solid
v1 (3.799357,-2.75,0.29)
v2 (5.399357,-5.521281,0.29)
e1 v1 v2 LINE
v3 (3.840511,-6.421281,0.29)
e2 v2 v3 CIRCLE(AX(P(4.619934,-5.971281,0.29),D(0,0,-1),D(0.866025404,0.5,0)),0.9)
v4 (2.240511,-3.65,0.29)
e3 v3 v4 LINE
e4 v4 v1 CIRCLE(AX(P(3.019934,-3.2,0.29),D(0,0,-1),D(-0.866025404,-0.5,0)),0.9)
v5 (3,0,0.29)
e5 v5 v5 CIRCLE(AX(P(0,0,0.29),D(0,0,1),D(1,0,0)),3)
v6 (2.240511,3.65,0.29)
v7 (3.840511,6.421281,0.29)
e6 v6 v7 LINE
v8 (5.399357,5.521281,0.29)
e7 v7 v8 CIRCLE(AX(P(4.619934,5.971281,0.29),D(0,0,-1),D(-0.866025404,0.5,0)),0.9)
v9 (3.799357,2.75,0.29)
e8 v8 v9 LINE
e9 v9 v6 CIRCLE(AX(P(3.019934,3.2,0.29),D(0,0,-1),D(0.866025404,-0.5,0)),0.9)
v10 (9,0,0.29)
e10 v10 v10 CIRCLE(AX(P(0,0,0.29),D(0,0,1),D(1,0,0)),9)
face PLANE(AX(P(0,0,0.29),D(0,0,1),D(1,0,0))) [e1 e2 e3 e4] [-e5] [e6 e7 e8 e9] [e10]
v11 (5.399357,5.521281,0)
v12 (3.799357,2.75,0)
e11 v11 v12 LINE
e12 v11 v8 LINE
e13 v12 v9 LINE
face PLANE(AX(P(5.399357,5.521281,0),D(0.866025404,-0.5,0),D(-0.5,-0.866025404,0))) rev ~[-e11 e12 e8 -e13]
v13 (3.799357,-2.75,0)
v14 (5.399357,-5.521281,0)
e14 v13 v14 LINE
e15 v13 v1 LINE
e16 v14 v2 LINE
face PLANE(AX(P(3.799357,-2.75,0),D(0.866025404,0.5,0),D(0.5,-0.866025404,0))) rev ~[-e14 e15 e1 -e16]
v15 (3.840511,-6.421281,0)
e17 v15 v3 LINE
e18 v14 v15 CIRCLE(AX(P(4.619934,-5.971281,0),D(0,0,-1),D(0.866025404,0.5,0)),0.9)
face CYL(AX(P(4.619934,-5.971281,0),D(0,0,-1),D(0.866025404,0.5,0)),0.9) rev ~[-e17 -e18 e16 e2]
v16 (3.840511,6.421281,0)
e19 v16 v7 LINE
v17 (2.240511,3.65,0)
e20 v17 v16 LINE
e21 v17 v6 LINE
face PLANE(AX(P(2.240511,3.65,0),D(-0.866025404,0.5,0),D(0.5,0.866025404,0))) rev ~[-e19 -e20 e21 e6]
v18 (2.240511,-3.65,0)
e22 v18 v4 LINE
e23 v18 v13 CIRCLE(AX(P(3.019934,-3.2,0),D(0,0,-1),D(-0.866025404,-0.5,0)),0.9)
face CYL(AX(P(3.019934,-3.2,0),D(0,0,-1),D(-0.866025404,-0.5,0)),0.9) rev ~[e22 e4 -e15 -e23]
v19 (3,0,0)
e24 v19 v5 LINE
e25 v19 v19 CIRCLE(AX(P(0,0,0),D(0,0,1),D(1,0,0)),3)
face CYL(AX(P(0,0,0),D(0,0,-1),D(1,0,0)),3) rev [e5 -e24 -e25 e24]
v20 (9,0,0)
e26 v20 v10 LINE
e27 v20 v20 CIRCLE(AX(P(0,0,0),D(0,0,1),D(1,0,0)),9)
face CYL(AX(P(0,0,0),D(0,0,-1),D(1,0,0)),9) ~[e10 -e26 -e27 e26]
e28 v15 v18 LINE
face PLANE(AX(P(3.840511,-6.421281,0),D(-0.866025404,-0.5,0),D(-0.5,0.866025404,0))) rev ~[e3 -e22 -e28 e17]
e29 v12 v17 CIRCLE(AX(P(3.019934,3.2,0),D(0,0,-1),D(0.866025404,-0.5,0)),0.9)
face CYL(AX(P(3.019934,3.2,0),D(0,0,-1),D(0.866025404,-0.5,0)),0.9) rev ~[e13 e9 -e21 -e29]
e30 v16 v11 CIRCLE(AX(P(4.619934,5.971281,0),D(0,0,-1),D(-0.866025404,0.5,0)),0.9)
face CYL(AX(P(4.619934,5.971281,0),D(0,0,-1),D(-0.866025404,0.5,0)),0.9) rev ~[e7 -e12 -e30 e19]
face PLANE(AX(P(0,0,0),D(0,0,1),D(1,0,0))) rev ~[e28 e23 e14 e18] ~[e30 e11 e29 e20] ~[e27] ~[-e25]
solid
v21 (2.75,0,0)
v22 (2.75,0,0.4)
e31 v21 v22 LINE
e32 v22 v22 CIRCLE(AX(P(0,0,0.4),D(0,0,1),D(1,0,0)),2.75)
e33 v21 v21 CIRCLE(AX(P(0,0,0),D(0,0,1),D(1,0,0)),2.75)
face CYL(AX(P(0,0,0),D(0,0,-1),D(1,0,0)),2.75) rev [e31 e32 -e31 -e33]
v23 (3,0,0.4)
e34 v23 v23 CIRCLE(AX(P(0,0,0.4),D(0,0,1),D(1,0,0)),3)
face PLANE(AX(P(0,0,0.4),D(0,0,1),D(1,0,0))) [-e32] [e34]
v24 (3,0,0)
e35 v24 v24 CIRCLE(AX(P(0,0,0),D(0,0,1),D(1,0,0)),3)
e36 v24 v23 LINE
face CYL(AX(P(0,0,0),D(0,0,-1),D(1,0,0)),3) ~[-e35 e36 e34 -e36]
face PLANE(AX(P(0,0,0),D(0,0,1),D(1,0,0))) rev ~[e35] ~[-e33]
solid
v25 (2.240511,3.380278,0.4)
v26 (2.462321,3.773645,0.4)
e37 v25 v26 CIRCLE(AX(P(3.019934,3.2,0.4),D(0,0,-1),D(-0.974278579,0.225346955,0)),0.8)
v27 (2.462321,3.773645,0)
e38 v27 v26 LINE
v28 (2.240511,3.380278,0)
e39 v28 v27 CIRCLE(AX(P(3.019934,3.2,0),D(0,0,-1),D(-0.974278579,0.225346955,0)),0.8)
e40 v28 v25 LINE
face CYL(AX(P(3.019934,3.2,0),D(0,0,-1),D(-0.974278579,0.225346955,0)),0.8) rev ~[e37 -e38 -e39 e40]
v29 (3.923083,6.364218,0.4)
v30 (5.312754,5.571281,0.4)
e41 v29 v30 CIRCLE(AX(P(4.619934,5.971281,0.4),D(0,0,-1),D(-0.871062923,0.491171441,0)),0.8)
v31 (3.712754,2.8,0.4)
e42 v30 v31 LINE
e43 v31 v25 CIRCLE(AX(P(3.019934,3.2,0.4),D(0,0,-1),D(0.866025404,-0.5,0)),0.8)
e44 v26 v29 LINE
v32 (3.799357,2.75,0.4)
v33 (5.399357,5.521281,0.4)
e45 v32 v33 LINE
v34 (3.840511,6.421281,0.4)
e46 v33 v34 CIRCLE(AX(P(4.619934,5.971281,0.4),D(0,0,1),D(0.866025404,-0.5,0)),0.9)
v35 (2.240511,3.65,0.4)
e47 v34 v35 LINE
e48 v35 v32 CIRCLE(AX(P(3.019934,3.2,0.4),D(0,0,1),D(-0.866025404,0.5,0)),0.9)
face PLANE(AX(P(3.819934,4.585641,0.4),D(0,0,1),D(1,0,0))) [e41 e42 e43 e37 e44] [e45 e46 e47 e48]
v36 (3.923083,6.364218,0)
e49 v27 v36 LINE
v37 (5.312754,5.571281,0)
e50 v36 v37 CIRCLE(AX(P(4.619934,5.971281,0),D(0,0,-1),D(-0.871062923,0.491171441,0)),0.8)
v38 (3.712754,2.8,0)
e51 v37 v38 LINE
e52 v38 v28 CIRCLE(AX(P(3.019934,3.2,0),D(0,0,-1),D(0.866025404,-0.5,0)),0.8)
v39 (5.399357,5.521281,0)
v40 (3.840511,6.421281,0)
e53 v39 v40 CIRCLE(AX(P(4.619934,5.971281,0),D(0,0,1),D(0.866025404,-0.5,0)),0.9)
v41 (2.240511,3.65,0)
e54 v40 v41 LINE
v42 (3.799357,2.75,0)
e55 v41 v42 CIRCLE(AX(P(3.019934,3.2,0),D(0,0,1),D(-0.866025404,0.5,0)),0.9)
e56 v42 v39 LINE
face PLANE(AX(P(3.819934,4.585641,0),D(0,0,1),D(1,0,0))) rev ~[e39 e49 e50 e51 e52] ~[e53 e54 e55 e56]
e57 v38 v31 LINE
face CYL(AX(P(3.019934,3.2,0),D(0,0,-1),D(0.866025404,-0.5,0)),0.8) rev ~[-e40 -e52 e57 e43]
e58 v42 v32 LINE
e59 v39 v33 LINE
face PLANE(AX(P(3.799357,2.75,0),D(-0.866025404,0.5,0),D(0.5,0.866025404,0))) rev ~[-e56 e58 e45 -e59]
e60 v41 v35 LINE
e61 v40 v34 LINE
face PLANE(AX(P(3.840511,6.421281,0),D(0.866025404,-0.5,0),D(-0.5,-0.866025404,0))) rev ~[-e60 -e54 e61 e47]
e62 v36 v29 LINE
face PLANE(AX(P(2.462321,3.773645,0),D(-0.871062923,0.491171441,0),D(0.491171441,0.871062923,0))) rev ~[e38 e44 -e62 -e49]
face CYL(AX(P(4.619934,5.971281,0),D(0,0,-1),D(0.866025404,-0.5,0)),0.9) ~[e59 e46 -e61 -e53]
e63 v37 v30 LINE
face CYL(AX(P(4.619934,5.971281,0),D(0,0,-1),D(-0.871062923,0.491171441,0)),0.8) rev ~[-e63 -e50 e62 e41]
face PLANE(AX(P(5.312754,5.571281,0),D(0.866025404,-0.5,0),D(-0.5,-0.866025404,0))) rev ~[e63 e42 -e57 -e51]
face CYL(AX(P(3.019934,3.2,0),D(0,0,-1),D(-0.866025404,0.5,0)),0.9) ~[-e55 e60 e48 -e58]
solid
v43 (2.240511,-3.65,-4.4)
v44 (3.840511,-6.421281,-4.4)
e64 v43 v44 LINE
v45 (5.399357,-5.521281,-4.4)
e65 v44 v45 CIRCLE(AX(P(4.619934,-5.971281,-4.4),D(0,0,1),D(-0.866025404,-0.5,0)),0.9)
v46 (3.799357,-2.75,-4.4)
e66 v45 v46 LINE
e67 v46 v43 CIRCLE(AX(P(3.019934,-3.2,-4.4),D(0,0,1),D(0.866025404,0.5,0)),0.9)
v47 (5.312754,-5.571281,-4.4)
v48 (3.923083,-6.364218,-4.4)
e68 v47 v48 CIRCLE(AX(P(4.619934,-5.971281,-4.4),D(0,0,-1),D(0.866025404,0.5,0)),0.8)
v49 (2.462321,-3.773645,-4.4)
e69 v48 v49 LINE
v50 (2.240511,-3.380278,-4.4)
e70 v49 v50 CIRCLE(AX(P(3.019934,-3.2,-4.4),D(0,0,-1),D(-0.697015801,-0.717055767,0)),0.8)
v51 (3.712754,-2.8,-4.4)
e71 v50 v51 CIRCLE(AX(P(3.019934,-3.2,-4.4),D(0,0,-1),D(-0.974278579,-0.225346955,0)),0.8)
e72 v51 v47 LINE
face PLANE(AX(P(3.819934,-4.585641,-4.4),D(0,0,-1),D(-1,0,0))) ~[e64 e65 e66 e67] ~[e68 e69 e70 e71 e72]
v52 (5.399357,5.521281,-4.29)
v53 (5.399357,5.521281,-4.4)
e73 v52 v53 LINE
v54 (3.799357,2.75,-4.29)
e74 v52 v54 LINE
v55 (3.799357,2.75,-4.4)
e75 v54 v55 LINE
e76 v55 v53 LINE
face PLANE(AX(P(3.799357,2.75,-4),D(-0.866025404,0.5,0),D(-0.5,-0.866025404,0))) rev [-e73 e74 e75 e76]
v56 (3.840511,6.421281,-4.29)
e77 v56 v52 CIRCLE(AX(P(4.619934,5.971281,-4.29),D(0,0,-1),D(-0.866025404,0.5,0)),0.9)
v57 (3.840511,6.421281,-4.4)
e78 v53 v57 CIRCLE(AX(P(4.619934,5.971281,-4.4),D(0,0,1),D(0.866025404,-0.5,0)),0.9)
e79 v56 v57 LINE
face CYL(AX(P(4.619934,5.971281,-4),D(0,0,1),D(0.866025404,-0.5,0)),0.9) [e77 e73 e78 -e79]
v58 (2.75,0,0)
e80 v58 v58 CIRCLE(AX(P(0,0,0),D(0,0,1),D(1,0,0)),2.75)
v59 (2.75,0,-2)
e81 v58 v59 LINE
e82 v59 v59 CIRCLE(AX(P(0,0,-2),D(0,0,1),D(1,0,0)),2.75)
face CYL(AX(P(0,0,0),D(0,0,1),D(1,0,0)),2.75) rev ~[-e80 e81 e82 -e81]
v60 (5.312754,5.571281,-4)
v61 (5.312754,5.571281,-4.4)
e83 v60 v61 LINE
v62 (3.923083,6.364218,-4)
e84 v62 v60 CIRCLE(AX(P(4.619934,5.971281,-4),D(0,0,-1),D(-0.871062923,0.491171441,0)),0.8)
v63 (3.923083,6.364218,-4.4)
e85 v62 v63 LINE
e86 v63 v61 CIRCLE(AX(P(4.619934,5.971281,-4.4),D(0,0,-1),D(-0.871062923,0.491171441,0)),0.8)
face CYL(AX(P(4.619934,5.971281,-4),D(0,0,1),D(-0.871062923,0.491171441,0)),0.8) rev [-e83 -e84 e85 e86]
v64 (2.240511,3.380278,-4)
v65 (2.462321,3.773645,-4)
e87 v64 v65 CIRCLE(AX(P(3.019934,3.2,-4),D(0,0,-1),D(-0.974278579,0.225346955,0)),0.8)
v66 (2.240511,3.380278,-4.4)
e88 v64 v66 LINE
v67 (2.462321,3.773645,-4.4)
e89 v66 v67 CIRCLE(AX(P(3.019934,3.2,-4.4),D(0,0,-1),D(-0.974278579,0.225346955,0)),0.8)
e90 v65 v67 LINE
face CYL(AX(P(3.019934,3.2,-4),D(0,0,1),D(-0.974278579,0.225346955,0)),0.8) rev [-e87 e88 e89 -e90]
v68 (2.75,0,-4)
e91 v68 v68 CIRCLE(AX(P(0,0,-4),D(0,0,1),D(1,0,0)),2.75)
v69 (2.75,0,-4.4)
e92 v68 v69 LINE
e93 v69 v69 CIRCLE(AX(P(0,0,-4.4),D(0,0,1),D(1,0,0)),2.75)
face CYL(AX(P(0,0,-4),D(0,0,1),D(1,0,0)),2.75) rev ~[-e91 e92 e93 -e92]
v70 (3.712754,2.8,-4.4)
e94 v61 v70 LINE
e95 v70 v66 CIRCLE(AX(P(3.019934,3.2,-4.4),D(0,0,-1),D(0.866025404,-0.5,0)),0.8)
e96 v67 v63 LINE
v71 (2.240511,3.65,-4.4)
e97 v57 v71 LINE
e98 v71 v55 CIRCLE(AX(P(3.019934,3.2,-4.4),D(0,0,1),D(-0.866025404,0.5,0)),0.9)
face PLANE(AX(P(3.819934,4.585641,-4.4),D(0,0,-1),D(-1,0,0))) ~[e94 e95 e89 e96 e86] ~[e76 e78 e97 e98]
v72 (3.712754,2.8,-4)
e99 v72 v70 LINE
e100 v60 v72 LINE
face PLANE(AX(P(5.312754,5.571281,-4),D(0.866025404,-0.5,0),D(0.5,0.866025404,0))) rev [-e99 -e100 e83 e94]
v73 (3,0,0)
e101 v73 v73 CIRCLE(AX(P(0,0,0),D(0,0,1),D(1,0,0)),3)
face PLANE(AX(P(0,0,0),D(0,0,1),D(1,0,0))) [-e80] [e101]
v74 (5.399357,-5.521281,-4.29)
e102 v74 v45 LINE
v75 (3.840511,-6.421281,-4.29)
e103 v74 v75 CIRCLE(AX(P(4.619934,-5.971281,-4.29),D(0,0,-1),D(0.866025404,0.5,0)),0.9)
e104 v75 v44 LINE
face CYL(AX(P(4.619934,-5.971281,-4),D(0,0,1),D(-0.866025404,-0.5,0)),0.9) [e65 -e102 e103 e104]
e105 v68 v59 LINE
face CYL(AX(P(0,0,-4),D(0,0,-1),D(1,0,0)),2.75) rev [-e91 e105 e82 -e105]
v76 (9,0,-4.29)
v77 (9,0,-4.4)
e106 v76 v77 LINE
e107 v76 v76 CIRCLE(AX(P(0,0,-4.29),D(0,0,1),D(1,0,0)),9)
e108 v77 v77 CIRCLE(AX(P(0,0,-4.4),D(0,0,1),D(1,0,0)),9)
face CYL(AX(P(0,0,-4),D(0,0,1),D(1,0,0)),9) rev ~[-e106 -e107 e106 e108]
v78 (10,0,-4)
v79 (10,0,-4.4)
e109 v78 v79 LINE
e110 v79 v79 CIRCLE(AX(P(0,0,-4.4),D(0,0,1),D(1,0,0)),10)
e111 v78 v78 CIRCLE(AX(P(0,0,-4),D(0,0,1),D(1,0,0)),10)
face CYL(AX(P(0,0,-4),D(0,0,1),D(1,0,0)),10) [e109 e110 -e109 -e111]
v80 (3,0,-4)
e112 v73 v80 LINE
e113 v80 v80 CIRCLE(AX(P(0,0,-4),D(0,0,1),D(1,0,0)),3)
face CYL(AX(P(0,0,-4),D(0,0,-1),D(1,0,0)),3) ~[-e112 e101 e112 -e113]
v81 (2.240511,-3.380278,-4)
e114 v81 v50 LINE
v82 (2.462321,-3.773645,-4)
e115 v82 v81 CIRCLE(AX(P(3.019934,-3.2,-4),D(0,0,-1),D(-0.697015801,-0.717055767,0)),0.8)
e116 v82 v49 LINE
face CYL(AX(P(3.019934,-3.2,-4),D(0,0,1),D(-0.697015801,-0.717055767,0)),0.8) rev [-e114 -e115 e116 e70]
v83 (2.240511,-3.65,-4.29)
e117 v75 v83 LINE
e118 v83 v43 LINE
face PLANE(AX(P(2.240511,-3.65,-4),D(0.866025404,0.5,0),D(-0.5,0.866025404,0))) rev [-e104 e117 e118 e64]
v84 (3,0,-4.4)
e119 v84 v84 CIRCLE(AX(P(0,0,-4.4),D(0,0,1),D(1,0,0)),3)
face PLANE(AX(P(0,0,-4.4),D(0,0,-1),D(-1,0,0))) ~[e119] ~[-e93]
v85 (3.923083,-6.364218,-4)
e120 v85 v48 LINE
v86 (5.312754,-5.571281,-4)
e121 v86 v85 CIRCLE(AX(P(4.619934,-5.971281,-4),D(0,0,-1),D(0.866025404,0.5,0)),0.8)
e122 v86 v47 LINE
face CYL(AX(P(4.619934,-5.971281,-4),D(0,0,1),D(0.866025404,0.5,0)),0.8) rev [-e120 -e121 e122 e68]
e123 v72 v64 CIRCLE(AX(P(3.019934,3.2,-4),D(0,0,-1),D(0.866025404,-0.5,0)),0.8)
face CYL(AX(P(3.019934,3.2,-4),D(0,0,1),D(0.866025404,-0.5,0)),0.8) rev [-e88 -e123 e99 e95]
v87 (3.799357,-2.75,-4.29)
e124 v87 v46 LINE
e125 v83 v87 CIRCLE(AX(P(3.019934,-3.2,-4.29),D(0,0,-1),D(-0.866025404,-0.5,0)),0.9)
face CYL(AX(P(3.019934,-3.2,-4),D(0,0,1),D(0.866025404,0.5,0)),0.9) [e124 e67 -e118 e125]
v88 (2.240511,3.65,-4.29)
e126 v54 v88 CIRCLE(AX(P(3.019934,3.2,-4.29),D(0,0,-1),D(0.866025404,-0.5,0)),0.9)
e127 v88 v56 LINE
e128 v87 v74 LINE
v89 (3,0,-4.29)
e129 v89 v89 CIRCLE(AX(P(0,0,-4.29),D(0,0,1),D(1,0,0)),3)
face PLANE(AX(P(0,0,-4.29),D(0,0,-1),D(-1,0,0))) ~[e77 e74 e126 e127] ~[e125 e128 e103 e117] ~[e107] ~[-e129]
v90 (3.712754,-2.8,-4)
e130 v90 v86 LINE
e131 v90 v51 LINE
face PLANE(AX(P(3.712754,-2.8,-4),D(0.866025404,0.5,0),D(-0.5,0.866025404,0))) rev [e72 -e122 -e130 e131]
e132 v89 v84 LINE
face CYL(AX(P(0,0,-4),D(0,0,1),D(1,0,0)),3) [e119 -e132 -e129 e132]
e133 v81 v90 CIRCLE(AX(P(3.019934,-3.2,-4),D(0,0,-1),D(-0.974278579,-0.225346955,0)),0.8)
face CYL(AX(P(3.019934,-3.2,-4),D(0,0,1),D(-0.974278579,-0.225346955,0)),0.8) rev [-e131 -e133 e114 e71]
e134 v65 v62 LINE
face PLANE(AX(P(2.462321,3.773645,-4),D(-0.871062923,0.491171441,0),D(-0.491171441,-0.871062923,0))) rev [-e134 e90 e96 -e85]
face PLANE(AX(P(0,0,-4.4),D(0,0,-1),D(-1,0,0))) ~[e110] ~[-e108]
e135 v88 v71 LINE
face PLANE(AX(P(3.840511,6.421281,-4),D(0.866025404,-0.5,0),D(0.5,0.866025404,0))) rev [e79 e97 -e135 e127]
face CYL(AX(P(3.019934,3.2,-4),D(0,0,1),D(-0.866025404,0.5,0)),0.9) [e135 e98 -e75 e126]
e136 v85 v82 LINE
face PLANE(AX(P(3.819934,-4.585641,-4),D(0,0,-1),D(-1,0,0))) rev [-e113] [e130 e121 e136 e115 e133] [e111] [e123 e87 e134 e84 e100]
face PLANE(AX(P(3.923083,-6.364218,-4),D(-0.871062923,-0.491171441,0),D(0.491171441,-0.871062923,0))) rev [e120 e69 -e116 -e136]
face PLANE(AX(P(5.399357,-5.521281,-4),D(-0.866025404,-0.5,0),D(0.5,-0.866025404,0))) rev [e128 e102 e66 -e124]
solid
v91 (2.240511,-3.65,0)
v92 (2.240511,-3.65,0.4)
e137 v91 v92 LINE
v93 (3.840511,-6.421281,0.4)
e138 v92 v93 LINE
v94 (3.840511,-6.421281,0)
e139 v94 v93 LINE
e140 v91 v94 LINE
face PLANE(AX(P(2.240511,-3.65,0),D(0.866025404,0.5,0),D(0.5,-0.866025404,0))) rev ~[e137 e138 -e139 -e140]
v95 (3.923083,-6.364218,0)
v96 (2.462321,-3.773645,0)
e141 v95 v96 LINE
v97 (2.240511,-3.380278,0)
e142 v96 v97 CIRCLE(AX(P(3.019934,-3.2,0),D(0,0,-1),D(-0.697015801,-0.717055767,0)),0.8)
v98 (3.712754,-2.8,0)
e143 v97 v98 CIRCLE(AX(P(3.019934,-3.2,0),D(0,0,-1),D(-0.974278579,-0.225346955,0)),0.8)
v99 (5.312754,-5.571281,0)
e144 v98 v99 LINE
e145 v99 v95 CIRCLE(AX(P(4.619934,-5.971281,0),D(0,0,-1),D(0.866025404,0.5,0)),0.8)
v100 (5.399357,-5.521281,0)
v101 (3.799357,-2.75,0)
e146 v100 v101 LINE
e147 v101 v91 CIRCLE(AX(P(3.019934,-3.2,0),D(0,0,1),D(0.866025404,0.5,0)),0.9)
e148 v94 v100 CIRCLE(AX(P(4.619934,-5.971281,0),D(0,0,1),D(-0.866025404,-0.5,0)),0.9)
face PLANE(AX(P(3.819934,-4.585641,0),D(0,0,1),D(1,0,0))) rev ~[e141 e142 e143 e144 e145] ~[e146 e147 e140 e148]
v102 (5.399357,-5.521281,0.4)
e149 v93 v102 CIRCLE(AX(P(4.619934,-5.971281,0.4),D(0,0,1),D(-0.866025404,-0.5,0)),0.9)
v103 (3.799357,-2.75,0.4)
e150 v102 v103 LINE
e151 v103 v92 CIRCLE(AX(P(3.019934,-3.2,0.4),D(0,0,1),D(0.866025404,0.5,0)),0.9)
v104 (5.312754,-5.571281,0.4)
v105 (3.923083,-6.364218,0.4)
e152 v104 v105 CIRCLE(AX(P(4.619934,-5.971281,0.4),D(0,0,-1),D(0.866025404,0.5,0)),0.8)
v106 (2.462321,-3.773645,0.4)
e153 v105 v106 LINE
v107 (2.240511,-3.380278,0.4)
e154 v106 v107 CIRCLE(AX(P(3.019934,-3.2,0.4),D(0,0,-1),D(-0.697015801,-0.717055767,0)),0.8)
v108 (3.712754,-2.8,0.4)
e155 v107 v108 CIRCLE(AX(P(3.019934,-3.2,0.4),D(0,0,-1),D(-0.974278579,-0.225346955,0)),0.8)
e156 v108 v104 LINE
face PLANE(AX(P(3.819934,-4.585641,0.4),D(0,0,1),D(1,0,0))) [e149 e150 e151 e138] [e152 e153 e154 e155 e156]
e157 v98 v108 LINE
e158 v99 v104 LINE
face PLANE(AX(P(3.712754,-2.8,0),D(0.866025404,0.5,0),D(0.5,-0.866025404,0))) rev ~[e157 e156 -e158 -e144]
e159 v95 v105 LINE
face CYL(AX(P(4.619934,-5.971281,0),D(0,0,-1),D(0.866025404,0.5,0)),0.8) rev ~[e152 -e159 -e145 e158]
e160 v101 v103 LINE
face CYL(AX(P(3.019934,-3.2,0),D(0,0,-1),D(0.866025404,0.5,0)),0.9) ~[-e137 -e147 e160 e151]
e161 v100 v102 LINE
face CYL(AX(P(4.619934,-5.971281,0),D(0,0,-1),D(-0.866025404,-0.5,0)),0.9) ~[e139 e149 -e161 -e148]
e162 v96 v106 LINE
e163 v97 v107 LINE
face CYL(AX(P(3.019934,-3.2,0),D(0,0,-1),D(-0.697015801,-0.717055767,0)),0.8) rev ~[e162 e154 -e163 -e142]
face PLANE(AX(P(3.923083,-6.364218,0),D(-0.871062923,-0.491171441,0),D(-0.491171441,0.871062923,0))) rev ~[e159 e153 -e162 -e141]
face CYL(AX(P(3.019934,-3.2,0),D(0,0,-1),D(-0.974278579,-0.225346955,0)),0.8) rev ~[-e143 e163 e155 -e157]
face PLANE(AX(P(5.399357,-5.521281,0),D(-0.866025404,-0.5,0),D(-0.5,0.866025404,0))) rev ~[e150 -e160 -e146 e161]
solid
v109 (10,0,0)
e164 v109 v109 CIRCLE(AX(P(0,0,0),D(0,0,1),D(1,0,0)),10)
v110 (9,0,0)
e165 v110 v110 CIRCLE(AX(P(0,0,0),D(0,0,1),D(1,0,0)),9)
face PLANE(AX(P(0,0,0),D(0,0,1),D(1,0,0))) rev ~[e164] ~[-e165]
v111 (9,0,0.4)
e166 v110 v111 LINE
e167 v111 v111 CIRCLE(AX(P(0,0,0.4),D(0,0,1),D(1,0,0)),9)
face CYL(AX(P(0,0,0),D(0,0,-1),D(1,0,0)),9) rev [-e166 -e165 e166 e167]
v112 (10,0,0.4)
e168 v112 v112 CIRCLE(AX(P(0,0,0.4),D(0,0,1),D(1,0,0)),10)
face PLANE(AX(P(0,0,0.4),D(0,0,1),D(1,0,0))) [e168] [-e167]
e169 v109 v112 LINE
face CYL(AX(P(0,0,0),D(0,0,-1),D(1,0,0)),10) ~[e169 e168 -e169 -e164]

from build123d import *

# Parameters (mm, degrees)
F0_R     = 3
F0_R_2   = 2.75
F1_DEPTH = 0.4
F0_R_3   = 10
F0_R_4   = 9
F2_DEPTH = 0.29
F3_DEPTH = 2


with BuildPart() as f1:
    # F0 (on Top) → F1 (new body)
    with BuildSketch(Plane.XY):
        Circle(F0_R)
        Circle(F0_R_2, mode=Mode.SUBTRACT)
    extrude(amount=F1_DEPTH)


with BuildPart() as f1b:
    # F0 (on Top) → F1, piece 2 (new body)
    with BuildSketch(Plane.XY):
        with BuildLine():
            Line((5.3993566375, -5.5212812921), (3.7993566375, -2.75))
            ThreePointArc((3.7993566375, -2.75), (2.5699337741, -2.4205771366), (2.2405109107, -3.65))
            Line((2.2405109107, -3.65), (3.8405109107, -6.4212812921))
            ThreePointArc((3.8405109107, -6.4212812921), (5.0699337741, -6.7507041555), (5.3993566375, -5.5212812921))
        make_face()
        with BuildLine():
            ThreePointArc((2.2405109107, -3.3802775638), (2.7265815749, -2.4557255296), (3.7127540971, -2.8))
            Line((3.7127540971, -2.8), (5.3127540971, -5.5712812921))
            ThreePointArc((5.3127540971, -5.5712812921), (5.0164074709, -6.6661255968), (3.9230834357, -6.3642184447))
            Line((3.9230834357, -6.3642184447), (2.4623211329, -3.7736446133))
            ThreePointArc((2.4623211329, -3.7736446133), (2.3230834357, -3.5929371526), (2.2405109107, -3.3802775638))
        make_face(mode=Mode.SUBTRACT)
    extrude(amount=F1_DEPTH)


with BuildPart() as f1c:
    # F0 (on Top) → F1, piece 3 (new body)
    with BuildSketch(Plane.XY):
        with BuildLine():
            Line((3.7993566375, 2.75), (5.3993566375, 5.5212812921))
            ThreePointArc((5.3993566375, 5.5212812921), (5.0699337741, 6.7507041555), (3.8405109107, 6.4212812921))
            Line((3.8405109107, 6.4212812921), (2.2405109107, 3.65))
            ThreePointArc((2.2405109107, 3.65), (2.5699337741, 2.4205771366), (3.7993566375, 2.75))
        make_face()
        with BuildLine():
            ThreePointArc((2.2405109107, 3.3802775638), (2.3230834357, 3.5929371526), (2.4623211329, 3.7736446133))
            Line((2.4623211329, 3.7736446133), (3.9230834357, 6.3642184447))
            ThreePointArc((3.9230834357, 6.3642184447), (5.0164074709, 6.6661255968), (5.3127540971, 5.5712812921))
            Line((5.3127540971, 5.5712812921), (3.7127540971, 2.8))
            ThreePointArc((3.7127540971, 2.8), (2.7265815749, 2.4557255296), (2.2405109107, 3.3802775638))
        make_face(mode=Mode.SUBTRACT)
    extrude(amount=F1_DEPTH)


with BuildPart() as f1d:
    # F0 (on Top) → F1, piece 4 (new body)
    with BuildSketch(Plane.XY):
        Circle(F0_R_3)
        Circle(F0_R_4, mode=Mode.SUBTRACT)
    extrude(amount=F1_DEPTH)


with BuildPart() as f2:
    # F0 (on Top) → F2 (new body)
    with BuildSketch(Plane.XY):
        Circle(F0_R_4)
        with BuildLine():
            ThreePointArc((2.2405109107, -3.65), (2.5699337741, -2.4205771366), (3.7993566375, -2.75))
            Line((3.7993566375, -2.75), (5.3993566375, -5.5212812921))
            ThreePointArc((5.3993566375, -5.5212812921), (5.0699337741, -6.7507041555), (3.8405109107, -6.4212812921))
            Line((3.8405109107, -6.4212812921), (2.2405109107, -3.65))
        make_face(mode=Mode.SUBTRACT)
        Circle(F0_R, mode=Mode.SUBTRACT)
        with BuildLine():
            ThreePointArc((3.8405109107, 6.4212812921), (5.0699337741, 6.7507041555), (5.3993566375, 5.5212812921))
            Line((5.3993566375, 5.5212812921), (3.7993566375, 2.75))
            ThreePointArc((3.7993566375, 2.75), (2.5699337741, 2.4205771366), (2.2405109107, 3.65))
            Line((2.2405109107, 3.65), (3.8405109107, 6.4212812921))
        make_face(mode=Mode.SUBTRACT)
    extrude(amount=F2_DEPTH)


with BuildPart() as f3:
    # F0 (on Top) → F3 (new body)
    with BuildSketch(Plane.XY):
        Circle(F0_R)
        Circle(F0_R_2, mode=Mode.SUBTRACT)
    extrude(amount=-F3_DEPTH)



with BuildPart() as f3_1:
    add(f3.part)
    # F4: F1d, F2, F3, F1, F1c, F1b across face
    add(f1d.part.mirror(Plane(origin=(0, 0, -2), x_dir=(1, 0, 0), z_dir=(0, 0, -1))))
    add(f2.part.mirror(Plane(origin=(0, 0, -2), x_dir=(1, 0, 0), z_dir=(0, 0, -1))))
    add(f3.part.mirror(Plane(origin=(0, 0, -2), x_dir=(1, 0, 0), z_dir=(0, 0, -1))))
    add(f1.part.mirror(Plane(origin=(0, 0, -2), x_dir=(1, 0, 0), z_dir=(0, 0, -1))))
    add(f1c.part.mirror(Plane(origin=(0, 0, -2), x_dir=(1, 0, 0), z_dir=(0, 0, -1))))
    add(f1b.part.mirror(Plane(origin=(0, 0, -2), x_dir=(1, 0, 0), z_dir=(0, 0, -1))))


solid = Compound([f1.part, f1b.part, f1c.part, f1d.part, f2.part, f3_1.part])
